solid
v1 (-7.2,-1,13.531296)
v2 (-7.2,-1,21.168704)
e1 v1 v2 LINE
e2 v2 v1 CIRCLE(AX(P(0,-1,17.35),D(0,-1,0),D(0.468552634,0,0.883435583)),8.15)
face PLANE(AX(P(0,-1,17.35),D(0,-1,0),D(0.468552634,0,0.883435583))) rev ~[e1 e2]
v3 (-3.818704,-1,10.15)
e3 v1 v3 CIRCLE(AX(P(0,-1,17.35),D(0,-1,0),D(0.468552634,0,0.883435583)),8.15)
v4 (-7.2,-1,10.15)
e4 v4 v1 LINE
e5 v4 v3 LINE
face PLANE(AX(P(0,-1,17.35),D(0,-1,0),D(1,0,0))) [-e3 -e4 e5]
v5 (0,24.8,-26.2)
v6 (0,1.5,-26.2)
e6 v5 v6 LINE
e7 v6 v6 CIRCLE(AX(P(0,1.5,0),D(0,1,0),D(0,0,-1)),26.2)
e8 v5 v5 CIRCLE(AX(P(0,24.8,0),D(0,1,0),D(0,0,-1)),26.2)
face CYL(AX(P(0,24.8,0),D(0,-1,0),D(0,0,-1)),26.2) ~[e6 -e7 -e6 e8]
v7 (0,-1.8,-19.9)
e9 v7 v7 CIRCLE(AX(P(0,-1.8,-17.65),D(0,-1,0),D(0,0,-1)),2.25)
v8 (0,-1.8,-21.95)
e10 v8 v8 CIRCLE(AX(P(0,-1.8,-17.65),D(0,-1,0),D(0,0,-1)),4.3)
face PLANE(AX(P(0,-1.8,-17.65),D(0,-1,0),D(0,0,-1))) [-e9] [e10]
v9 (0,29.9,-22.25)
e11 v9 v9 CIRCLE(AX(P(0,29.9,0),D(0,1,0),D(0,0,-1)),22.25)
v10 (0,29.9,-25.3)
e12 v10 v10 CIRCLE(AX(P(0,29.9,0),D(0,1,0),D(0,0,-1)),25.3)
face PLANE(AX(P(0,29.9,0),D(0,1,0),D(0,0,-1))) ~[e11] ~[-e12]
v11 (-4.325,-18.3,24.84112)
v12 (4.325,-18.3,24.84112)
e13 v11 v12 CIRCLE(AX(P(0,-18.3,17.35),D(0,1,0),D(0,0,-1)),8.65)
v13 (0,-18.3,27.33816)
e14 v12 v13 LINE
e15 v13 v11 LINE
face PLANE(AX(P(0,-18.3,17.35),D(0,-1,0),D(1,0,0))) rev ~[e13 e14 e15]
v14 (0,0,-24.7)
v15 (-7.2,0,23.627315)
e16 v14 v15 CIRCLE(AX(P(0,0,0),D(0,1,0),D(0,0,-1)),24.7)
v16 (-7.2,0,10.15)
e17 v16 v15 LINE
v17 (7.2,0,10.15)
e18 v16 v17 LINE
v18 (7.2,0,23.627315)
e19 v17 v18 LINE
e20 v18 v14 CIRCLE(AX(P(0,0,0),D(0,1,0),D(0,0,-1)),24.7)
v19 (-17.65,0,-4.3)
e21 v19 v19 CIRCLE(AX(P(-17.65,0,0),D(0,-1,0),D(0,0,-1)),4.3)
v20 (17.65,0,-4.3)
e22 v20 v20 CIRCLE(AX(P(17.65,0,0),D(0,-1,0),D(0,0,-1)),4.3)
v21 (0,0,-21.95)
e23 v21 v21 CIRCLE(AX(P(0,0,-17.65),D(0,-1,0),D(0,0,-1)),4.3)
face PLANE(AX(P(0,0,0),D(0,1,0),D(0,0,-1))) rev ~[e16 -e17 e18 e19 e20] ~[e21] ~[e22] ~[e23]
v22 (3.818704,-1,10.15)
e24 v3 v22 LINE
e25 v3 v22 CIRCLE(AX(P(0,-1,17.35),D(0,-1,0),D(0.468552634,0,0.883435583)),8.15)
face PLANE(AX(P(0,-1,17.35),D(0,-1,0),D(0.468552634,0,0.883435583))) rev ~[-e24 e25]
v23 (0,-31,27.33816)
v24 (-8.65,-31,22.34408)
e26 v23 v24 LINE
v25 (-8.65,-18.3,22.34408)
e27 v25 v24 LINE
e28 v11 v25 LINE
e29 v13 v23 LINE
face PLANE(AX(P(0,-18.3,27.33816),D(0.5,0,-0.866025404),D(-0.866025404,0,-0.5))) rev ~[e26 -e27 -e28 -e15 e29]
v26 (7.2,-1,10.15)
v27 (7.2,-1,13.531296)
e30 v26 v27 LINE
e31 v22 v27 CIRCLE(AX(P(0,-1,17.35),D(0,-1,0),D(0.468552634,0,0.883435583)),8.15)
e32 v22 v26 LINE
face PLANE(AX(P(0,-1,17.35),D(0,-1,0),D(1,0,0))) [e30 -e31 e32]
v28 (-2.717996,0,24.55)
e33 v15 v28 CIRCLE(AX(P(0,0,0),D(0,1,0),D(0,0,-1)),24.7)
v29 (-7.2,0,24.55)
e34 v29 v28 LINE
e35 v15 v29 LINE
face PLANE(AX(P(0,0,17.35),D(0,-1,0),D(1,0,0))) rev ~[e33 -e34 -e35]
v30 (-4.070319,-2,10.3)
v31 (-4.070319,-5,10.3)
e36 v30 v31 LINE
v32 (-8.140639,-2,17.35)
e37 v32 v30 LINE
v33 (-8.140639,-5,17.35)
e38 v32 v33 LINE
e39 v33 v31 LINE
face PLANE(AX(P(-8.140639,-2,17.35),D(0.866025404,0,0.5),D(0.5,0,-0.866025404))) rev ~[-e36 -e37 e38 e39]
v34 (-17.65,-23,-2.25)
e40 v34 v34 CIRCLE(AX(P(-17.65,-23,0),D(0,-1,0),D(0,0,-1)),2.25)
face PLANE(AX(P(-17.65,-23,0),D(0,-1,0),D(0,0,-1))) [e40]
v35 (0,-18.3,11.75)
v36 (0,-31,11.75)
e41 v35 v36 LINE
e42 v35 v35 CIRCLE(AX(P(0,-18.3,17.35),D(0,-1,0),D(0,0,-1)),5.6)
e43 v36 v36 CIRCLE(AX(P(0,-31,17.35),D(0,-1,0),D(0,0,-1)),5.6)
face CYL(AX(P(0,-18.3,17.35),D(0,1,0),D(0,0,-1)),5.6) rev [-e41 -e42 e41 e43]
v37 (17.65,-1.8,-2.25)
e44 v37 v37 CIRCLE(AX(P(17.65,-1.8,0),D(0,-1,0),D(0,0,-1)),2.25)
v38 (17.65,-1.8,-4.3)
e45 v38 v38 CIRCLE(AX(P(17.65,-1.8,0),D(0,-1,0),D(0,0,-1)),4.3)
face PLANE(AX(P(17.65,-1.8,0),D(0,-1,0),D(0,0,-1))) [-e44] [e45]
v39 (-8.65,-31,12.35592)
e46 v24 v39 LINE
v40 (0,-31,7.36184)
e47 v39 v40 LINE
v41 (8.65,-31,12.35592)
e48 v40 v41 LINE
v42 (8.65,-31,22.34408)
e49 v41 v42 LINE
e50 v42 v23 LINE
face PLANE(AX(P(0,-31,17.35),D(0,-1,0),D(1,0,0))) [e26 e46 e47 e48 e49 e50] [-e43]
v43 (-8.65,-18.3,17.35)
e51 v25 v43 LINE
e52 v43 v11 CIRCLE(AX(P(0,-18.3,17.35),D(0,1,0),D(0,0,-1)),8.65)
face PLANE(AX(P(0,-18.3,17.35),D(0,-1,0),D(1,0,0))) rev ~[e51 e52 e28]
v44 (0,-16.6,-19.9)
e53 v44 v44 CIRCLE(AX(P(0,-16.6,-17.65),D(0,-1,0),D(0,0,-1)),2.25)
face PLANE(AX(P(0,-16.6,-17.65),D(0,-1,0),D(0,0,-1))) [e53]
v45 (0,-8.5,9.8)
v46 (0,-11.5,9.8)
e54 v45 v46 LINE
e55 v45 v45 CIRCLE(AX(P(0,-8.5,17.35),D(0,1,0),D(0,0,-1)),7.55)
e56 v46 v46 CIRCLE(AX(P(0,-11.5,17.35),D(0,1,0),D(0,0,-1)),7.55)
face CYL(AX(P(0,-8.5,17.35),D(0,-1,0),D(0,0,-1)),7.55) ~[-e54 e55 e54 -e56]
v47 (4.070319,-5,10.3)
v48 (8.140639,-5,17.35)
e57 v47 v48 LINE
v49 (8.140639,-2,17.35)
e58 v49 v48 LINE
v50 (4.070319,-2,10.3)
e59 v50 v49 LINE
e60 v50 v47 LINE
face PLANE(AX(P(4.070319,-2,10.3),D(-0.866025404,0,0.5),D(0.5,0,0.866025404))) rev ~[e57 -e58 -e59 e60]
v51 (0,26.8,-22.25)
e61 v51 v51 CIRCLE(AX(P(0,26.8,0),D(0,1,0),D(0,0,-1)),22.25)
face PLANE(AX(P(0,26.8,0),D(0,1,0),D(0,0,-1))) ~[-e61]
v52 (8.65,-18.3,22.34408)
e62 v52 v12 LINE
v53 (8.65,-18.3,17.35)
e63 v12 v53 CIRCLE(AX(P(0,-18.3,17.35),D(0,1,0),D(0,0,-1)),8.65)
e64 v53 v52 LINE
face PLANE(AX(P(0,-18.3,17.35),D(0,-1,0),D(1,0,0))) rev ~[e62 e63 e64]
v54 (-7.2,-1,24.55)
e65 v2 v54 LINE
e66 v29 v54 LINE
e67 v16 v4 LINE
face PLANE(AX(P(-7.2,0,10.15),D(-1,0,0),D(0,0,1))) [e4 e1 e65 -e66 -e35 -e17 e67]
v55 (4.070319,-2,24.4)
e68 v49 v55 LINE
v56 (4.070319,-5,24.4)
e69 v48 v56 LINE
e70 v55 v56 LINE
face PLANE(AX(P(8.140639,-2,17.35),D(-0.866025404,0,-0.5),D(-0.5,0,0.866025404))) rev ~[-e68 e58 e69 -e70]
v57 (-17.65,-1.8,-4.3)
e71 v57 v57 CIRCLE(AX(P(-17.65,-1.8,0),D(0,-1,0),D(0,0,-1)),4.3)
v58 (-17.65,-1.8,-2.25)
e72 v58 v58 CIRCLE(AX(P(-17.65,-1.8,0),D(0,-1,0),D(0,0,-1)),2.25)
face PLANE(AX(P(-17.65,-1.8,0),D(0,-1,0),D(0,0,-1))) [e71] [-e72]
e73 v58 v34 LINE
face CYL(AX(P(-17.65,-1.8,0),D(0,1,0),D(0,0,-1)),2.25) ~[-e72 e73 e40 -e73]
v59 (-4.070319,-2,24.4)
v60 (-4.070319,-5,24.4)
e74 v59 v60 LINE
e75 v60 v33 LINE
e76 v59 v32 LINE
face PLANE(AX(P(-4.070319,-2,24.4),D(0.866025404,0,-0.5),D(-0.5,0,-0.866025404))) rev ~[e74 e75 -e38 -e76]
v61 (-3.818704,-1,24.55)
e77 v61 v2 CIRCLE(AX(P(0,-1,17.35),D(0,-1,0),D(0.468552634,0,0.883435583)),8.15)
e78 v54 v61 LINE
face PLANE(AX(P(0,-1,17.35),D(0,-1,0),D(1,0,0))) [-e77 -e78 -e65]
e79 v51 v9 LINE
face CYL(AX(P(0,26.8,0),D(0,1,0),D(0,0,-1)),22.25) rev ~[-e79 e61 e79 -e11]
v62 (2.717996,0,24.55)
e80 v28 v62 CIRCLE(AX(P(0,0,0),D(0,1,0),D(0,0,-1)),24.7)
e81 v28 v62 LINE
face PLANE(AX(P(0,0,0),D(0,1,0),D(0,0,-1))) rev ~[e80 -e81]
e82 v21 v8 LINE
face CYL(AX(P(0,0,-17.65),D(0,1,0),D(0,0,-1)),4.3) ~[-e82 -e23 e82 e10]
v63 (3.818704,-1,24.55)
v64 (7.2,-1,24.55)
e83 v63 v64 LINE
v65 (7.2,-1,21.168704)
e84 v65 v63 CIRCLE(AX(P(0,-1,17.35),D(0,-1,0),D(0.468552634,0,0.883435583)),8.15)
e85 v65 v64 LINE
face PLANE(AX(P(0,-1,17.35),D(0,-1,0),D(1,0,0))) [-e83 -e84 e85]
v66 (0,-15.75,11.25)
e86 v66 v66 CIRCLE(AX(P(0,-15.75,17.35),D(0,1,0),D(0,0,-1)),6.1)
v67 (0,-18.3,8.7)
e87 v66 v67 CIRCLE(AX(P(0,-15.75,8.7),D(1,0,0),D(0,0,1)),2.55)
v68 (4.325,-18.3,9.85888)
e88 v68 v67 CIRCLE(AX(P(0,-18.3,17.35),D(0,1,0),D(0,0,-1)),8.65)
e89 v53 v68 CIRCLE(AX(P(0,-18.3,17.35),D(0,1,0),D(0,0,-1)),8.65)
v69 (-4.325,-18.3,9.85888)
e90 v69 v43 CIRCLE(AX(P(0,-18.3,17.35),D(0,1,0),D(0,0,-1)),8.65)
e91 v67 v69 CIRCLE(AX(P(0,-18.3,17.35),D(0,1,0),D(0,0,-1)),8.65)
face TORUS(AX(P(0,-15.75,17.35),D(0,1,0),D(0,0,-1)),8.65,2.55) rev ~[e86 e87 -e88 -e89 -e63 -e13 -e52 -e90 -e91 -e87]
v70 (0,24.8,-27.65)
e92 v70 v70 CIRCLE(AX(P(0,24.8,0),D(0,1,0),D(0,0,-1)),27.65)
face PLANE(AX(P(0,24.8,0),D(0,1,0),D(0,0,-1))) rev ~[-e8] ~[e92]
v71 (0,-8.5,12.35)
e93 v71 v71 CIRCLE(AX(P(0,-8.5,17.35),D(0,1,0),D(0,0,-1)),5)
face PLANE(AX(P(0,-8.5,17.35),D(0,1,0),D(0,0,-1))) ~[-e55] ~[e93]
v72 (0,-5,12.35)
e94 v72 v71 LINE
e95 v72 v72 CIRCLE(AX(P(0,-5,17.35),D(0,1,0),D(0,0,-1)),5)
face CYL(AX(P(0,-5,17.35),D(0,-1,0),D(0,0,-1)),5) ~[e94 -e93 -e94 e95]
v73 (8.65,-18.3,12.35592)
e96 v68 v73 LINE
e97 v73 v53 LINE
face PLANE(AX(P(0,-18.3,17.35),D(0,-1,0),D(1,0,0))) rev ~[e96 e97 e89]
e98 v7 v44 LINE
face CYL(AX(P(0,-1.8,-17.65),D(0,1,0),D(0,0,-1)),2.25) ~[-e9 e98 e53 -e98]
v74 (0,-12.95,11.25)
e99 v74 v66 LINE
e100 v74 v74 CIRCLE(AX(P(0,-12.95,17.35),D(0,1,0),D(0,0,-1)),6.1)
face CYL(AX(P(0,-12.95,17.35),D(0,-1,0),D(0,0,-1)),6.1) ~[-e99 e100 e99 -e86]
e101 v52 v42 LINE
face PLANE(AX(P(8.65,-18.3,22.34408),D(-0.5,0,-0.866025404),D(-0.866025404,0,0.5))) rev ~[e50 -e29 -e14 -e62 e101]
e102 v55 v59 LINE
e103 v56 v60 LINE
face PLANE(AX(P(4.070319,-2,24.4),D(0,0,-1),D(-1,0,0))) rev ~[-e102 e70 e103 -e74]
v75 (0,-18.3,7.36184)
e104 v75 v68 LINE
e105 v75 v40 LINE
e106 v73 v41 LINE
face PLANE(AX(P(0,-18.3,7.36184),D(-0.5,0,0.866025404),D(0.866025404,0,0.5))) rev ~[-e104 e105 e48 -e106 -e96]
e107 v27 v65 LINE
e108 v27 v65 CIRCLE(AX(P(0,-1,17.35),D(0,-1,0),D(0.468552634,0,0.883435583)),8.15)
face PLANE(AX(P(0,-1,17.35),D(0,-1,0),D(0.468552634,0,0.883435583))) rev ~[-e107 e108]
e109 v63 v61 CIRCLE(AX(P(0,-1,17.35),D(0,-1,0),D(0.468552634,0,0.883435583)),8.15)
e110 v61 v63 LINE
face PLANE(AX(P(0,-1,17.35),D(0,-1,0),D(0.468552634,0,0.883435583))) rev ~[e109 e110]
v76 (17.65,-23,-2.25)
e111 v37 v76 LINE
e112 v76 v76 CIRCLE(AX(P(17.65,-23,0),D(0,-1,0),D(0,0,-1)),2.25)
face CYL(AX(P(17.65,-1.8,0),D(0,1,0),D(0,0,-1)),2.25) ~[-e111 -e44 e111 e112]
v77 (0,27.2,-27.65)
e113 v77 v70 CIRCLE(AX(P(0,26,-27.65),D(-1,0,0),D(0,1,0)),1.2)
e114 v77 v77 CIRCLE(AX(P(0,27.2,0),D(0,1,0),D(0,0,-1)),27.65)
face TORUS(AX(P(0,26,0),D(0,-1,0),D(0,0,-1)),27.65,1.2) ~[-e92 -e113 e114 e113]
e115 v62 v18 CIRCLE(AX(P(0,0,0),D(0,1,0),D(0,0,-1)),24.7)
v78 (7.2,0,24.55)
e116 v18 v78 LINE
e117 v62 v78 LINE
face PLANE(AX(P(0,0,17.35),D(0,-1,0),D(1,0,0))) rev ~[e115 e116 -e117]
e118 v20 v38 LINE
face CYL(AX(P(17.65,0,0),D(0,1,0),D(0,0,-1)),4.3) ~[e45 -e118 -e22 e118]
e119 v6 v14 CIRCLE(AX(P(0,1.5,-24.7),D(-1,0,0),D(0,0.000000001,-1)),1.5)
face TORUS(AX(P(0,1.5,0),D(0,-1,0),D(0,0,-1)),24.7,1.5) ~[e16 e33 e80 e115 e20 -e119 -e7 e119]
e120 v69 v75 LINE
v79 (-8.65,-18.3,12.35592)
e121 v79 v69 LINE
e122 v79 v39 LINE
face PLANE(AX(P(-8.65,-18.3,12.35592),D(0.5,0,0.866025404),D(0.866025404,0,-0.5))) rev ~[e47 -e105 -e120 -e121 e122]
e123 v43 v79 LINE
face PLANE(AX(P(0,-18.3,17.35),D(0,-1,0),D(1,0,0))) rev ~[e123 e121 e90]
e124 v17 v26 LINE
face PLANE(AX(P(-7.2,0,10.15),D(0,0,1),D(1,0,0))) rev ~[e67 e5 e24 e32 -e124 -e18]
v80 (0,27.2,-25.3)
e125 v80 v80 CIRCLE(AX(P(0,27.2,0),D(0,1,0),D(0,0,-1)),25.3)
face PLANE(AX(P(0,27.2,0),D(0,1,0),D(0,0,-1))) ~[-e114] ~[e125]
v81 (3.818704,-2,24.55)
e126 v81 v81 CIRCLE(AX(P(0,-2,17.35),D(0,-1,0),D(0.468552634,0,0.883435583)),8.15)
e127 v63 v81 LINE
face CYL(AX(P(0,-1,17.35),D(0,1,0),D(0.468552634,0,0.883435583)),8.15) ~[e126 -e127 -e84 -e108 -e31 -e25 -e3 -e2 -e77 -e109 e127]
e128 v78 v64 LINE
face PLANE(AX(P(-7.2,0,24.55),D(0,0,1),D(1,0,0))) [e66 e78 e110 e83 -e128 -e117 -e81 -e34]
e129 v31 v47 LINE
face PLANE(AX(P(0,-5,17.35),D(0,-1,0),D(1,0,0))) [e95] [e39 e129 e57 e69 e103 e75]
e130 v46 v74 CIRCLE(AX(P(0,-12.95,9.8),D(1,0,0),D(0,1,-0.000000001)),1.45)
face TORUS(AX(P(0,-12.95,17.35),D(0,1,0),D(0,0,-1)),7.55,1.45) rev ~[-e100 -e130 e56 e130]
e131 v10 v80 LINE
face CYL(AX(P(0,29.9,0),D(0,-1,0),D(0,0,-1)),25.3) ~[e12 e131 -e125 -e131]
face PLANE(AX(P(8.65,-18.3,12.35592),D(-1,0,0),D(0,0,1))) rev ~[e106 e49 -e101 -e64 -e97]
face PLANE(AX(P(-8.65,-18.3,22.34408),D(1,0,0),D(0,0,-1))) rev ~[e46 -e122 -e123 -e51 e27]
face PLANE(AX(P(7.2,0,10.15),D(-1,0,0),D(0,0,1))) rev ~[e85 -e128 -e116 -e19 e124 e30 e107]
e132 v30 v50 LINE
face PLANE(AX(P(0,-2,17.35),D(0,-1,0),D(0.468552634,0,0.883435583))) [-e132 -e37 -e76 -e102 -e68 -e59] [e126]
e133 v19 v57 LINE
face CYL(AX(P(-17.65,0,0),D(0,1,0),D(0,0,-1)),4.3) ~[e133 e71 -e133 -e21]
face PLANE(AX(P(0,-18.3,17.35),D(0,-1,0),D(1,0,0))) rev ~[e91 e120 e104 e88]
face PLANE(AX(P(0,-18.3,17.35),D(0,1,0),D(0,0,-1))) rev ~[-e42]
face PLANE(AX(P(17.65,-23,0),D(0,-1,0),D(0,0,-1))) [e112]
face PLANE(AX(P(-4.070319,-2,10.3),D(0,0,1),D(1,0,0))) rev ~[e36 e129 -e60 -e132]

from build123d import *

# Parameters (mm, degrees)
SKETCH2_R           = 4.3
BOSS_EXTRUDE1_DEPTH = 1.8
SKETCH3_R           = 2.25
BOSS_EXTRUDE2_DEPTH = 21.2
SKETCH4_R           = 2.25
BOSS_EXTRUDE3_DEPTH = 14.8
SKETCH5_W           = 14.4
SKETCH5_H           = 14.4
BOSS_EXTRUDE4_DEPTH = 1
SKETCH6_R           = 8.15
BOSS_EXTRUDE5_DEPTH = 1
BOSS_EXTRUDE6_DEPTH = 3
SKETCH9_R           = 5.6
BOSS_EXTRUDE7_DEPTH = 12.7


with BuildPart() as part:
    # Sketch1 → Revolve1 (revolve)
    with BuildSketch(Plane.XY, mode=Mode.PRIVATE) as revolve1_sk:
        with BuildLine():
            Line((0, 0), (0, 26.8))
            Line((0, 26.8), (22.25, 26.8))
            Line((22.25, 26.8), (22.25, 29.9))
            Line((22.25, 29.9), (25.3, 29.9))
            Line((25.3, 29.9), (25.3, 27.2))
            Line((25.3, 27.2), (27.65, 27.2))
            ThreePointArc((27.65, 27.2), (28.85, 26), (27.65, 24.8))
            Line((27.65, 24.8), (26.2, 24.8))
            Line((26.2, 24.8), (26.2, 1.5))
            ThreePointArc((26.2, 1.5), (25.760660172, 0.439339828), (24.7, 0))
            Line((24.7, 0), (0, 0))
        make_face()
    revolve(revolve1_sk.sketch.rotate(Axis((0, -4.069589206, 0), (0, 1, 0)), 90), axis=Axis((0, -4.069589206, 0), (0, 1, 0)))

    # Sketch2 → Boss-Extrude1 (add)
    with BuildSketch(Plane.XZ):
        with Locations(Location((-17.65, 0, 0), (0, 0, 270))):
            Circle(SKETCH2_R)
        with Locations(Location((0, -17.65, 0), (0, 0, 270))):
            Circle(SKETCH2_R)
        with Locations(Location((17.65, 0, 0), (0, 0, 270))):
            Circle(SKETCH2_R)
    extrude(amount=BOSS_EXTRUDE1_DEPTH)

    # Sketch3 → Boss-Extrude2 (add)
    with BuildSketch(Plane.XZ.offset(1.8)):
        with Locations(Location((-17.65, 0, 0), (0, 0, 270))):
            Circle(SKETCH3_R)
        with Locations(Location((17.65, 0, 0), (0, 0, 270))):
            Circle(SKETCH3_R)
    extrude(amount=BOSS_EXTRUDE2_DEPTH)

    # Sketch4 → Boss-Extrude3 (add)
    with BuildSketch(Plane.XZ.offset(1.8)):
        with Locations(Location((0, -17.65, 0), (0, 0, 270))):
            Circle(SKETCH4_R)
    extrude(amount=BOSS_EXTRUDE3_DEPTH)

    # Sketch5 → Boss-Extrude4 (add)
    with BuildSketch(Plane.XZ):
        with Locations((0, 17.35)):
            Rectangle(SKETCH5_W, SKETCH5_H)
    extrude(amount=BOSS_EXTRUDE4_DEPTH)

    # Sketch6 → Boss-Extrude5 (add)
    with BuildSketch(Plane.XZ.offset(1)):
        with Locations(Location((0, 17.35, 0), (0, 0, 62.059614161))):
            Circle(SKETCH6_R)
    extrude(amount=BOSS_EXTRUDE5_DEPTH)

    # Sketch7 → Boss-Extrude6 (add)
    with BuildSketch(Plane.XZ.offset(2)):
        Polygon((8.140638796, 17.35), (4.070319398, 24.4), (-4.070319398, 24.4), (-8.140638796, 17.35), (-4.070319398, 10.3), (4.070319398, 10.3), align=None)
    extrude(amount=BOSS_EXTRUDE6_DEPTH)

    # Sketch8 → Revolve2 (revolve)
    with BuildSketch(Plane(origin=(7.512770378, 0, 4.3375), x_dir=(0.49999999999999983, 0, -0.8660254037844388), z_dir=(0.8660254037844387, 0, 0.4999999999999998)), mode=Mode.PRIVATE) as revolve2_sk:
        with BuildLine():
            Line((-20.025540756, -5), (-20.025540756, -8.5))
            Line((-20.025540756, -8.5), (-22.575540756, -8.5))
            Line((-22.575540756, -8.5), (-22.575540756, -11.5))
            ThreePointArc((-22.575540756, -11.5), (-21.550235923, -11.924695167), (-21.125540756, -12.95))
            Line((-21.125540756, -12.95), (-21.125540756, -15.75))
            ThreePointArc((-21.125540756, -15.75), (-21.872418464, -17.553122292), (-23.675540756, -18.3))
            Line((-23.675540756, -18.3), (-15.025540756, -18.3))
            Line((-15.025540756, -18.3), (-15.025540756, -5))
            Line((-15.025540756, -5), (-20.025540756, -5))
        make_face()
    revolve(revolve2_sk.sketch.rotate(Axis((0, -16.584161667, 17.35), (0, 1, 0)), 210), axis=Axis((0, -16.584161667, 17.35), (0, 1, 0)))

    # Sketch9 → Boss-Extrude7 (add)
    with BuildSketch(Plane.XZ.offset(18.3)):
        Polygon((0, 27.338159657), (-8.65, 22.344079828), (-8.65, 12.355920172), (0, 7.361840343), (8.65, 12.355920172), (8.65, 22.344079828), align=None)
        with Locations(Location((0, 17.35, 0), (0, 0, 270))):
            Circle(SKETCH9_R, mode=Mode.SUBTRACT)
    extrude(amount=BOSS_EXTRUDE7_DEPTH)


solid = part.part
